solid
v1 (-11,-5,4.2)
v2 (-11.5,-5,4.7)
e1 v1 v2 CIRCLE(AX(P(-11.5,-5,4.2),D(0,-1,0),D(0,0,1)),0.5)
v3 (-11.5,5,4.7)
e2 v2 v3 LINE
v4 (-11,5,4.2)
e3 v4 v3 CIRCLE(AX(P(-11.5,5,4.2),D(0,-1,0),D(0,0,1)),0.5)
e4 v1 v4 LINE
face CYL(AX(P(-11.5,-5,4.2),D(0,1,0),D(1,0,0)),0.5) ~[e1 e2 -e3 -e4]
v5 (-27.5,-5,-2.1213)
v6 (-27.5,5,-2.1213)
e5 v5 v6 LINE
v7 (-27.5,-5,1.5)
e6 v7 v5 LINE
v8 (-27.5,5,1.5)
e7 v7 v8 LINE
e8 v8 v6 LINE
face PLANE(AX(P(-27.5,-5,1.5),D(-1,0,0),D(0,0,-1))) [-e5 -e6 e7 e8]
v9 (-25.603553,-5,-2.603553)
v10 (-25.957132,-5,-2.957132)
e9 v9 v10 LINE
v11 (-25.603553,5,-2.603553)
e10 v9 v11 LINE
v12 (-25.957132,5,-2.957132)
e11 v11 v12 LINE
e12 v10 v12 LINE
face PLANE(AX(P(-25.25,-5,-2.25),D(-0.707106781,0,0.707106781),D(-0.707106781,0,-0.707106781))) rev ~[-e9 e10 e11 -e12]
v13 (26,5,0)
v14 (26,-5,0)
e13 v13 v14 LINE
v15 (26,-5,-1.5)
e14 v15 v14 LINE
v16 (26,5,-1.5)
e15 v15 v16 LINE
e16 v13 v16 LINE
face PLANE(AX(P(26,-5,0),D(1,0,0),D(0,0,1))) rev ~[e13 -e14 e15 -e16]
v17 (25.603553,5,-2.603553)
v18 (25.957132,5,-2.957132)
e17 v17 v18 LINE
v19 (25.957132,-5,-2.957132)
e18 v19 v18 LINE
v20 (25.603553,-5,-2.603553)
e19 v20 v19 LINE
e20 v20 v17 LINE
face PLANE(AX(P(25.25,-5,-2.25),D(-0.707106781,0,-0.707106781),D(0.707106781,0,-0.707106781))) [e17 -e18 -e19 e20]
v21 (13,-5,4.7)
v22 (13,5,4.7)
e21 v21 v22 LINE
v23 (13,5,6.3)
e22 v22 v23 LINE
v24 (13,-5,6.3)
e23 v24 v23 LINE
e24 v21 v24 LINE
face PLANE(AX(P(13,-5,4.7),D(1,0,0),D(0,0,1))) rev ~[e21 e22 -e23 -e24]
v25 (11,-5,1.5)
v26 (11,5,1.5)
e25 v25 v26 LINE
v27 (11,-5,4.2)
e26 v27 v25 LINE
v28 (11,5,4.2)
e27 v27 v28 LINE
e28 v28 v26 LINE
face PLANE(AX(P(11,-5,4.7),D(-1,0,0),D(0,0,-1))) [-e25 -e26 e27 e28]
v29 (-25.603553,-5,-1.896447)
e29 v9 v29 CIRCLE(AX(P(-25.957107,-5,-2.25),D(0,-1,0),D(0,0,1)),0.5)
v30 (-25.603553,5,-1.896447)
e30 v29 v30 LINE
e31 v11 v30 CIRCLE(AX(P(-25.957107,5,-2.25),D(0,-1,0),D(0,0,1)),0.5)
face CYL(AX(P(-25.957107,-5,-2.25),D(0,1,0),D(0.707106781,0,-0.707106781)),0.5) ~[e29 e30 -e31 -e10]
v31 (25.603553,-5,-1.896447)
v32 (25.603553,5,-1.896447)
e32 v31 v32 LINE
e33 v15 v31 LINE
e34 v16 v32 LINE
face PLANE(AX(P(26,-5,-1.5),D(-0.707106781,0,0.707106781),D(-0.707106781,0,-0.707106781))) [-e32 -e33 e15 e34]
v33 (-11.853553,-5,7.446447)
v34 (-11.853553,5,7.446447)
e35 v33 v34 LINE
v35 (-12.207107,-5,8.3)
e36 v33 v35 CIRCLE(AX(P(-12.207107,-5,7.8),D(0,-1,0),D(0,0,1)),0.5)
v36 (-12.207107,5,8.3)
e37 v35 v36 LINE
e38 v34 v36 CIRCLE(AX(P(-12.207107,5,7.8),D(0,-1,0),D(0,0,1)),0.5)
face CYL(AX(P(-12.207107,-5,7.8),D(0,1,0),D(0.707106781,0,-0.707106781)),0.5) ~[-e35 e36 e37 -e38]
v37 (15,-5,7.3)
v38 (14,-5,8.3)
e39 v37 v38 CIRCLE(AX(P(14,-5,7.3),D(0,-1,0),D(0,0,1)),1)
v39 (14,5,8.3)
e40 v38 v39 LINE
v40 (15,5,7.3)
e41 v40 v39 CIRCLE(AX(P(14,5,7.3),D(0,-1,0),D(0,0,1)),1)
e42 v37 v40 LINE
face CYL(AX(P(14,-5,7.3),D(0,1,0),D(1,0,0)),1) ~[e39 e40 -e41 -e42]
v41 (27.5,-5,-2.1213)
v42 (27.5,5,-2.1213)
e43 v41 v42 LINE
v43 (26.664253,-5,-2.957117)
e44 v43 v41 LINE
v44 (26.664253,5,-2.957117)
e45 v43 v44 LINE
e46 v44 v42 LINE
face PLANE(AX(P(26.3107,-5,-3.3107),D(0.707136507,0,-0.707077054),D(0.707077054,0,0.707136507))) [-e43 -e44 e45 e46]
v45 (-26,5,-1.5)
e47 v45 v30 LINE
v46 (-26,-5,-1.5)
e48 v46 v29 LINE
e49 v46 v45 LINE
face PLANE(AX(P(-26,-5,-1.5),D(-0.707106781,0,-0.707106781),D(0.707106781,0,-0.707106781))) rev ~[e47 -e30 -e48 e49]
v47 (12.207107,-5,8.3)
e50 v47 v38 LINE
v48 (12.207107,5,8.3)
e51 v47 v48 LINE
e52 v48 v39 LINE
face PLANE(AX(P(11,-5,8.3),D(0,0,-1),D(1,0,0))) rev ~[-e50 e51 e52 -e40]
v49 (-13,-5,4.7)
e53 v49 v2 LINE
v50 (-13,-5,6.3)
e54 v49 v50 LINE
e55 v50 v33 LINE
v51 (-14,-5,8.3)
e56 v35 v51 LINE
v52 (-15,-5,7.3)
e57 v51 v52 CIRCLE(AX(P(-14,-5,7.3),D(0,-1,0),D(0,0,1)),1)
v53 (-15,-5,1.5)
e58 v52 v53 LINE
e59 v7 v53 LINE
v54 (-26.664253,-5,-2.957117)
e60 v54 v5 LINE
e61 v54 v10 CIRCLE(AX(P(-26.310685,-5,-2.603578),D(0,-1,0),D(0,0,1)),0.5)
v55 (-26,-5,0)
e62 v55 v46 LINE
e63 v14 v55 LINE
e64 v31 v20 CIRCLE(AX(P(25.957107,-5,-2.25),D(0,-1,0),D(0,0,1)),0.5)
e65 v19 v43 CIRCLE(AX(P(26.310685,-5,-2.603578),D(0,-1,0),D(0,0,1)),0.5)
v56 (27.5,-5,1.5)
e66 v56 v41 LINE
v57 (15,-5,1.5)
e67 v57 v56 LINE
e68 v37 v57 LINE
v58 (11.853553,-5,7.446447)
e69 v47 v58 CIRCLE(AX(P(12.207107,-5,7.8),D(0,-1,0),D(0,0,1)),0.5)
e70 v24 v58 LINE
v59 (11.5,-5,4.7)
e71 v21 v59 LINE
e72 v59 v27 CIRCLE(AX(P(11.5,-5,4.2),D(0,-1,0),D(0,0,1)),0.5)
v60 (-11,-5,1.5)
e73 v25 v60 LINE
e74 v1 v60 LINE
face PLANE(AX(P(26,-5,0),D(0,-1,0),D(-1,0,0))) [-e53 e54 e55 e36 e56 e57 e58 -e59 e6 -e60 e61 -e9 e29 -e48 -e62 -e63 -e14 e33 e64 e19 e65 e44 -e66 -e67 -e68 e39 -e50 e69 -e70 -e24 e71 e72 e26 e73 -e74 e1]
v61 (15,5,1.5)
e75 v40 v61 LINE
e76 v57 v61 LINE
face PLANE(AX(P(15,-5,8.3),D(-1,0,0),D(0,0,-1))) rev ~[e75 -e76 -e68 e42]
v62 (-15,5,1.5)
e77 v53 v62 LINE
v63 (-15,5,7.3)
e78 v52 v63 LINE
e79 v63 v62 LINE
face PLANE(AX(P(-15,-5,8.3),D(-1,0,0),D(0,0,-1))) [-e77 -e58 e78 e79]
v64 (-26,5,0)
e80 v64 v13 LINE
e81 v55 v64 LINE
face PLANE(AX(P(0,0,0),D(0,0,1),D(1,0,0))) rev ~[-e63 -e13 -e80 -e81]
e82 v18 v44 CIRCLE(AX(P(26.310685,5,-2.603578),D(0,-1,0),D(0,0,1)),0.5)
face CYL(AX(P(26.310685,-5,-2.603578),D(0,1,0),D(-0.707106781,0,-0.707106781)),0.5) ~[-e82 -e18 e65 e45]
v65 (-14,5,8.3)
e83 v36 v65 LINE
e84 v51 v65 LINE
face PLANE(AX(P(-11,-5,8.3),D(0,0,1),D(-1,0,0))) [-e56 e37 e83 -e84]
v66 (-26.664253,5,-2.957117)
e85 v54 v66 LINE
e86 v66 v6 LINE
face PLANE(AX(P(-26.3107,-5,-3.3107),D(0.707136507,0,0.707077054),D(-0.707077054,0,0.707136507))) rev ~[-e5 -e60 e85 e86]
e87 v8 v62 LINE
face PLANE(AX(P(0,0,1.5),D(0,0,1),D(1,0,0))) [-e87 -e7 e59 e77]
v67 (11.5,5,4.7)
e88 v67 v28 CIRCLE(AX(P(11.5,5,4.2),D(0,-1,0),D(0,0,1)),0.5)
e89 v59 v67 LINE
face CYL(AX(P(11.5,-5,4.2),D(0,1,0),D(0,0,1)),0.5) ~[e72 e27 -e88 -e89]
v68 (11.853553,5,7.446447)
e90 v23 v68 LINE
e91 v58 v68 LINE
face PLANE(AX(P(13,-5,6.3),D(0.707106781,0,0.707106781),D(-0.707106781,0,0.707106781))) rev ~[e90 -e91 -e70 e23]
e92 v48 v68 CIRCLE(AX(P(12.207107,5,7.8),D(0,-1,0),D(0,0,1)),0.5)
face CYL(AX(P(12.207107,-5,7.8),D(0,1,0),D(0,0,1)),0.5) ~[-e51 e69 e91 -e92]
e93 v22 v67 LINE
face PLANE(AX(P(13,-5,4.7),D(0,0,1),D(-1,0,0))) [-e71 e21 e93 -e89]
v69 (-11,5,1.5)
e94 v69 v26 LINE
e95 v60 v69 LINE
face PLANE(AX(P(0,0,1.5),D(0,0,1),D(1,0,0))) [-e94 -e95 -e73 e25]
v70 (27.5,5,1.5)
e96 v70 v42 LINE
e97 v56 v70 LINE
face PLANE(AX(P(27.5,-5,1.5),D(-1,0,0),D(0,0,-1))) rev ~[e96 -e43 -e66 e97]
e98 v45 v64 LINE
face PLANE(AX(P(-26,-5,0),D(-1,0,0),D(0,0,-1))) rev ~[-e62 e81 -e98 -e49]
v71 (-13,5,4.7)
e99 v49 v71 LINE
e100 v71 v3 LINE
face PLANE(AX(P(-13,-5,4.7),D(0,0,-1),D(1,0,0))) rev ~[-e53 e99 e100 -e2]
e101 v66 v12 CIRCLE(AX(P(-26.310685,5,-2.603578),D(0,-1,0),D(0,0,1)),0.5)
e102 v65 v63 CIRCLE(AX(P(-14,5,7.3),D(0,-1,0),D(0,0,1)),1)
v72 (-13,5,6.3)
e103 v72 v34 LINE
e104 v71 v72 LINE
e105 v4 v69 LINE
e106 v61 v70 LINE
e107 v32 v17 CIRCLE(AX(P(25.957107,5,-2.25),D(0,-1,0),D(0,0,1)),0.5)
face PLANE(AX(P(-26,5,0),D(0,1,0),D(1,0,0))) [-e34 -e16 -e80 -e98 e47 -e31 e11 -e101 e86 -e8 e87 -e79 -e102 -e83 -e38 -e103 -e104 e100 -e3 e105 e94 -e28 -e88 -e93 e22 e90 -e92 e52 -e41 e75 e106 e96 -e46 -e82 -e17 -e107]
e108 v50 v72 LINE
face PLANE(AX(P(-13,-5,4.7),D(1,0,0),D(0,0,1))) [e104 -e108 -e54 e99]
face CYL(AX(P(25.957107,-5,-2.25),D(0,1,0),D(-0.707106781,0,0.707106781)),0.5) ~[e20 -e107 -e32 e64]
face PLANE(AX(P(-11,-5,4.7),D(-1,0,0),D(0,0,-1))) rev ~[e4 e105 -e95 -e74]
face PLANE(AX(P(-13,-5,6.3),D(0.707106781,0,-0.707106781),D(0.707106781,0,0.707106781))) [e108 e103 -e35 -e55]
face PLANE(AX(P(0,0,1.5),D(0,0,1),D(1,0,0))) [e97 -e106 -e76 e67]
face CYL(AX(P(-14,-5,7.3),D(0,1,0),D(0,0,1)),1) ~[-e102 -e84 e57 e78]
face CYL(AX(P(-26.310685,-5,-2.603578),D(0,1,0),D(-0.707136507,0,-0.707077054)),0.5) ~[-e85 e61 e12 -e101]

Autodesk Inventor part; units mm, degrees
ref_plane "YZ Plane" through (0, 0, 0) normal (1, 0, 0) x (0, 1, 0)
ref_plane "XZ Plane" through (0, 0, 0) normal (0, 1, 0) x (-1, 0, 0)
ref_plane "XY Plane" through (0, 0, 0) normal (0, 0, 1) x (1, 0, 0)
sketch "Sketch1" plane through (0, 0, 0) normal (0, 0, 1) x (1, 0, 0)
  line L0 (-26, 5) -> (26, 5)
  line L1 (26, 5) -> (26, -5)
  line L2 (26, -5) -> (-26, -5)
  line L3 (-26, -5) -> (-26, 5)
  point P0 (0, 0)
  dimension "d0" = 52
  dimension "d1" = 10
extrude "Extrusion1" add sketch "Sketch1" along normal blind 1.5
sketch "Sketch2" plane through (-26, -5, 0) normal (0, -1, 0) x (1, 0, 0)
  line L0 (0, 1.5) -> (52, 1.5) projected
  line L1 (26, 1.5) -> (13, 1.5)
  line L2 (13, 4.7) -> (15, 4.7)
  line L3 (15, 4.7) -> (15, 1.5)
  line L4 (13, 4.7) -> (13, 6.3)
  line L5 (13, 6.3) -> (15, 8.3)
  line L6 (13, 6.3) -> (15.8284, 6.3) construction
  line L7 (15, 8.3) -> (11, 8.3)
  line L8 (11, 8.3) -> (11, 1.5)
  line L9 (52, 1.5) -> (0, 1.5) projected
  line L10 (11, 1.5) -> (15, 1.5)
  line L11 (26, 1.5) -> (26, 4.9)
  line L12 (39, 4.7) -> (37, 4.7)
  line L13 (37, 4.7) -> (37, 1.5)
  line L14 (39, 4.7) -> (39, 6.3)
  line L15 (39, 6.3) -> (37, 8.3)
  line L16 (39, 6.3) -> (36.1716, 6.3) construction
  line L17 (37, 8.3) -> (41, 8.3)
  line L18 (41, 8.3) -> (41, 1.5)
  line L19 (41, 1.5) -> (37, 1.5)
  point P0 (26, 0)
  point P1 (39, 1.5)
  dimension "d4" = 13
  dimension "d5" = 3.2
  dimension "d6" = 2
  dimension "d7" = 1.6
  dimension "d8" = 45
extrude "Extrusion2" add sketch "Sketch2" against normal blind 10
sketch "Sketch3" plane through (-26, -5, 0) normal (0, -1, 0) x (1, 0, 0)
  line L0 (0, 0) -> (52, 0) projected
  line L1 (0, 0) -> (0, -1.5)
  line L2 (0, 0) -> (0, 1.5) projected
  line L3 (0, 1.5) -> (-1.5, 1.5)
  line L4 (0, -1.5) -> (0.75, -2.25)
  line L5 (0, -1.5) -> (4.2622, -1.5) construction
  line L6 (0.75, -2.25) -> (-0.3107, -3.3107)
  line L7 (0.75, -2.25) -> (-0.3107, -3.3107)
  line L8 (0, 1.5) -> (-1.5, 1.5)
  line L9 (-1.5, 1.5) -> (-1.5, -2.1213)
  line L10 (-0.3107, -3.3107) -> (-1.5, -2.1213)
  line L11 (26, 0) -> (26, -3.3107)
  line L12 (52, 0) -> (52, -1.5)
  line L13 (52, 0) -> (52, 1.5)
  line L14 (52, 1.5) -> (53.5, 1.5)
  line L15 (52, -1.5) -> (51.25, -2.25)
  line L16 (52, -1.5) -> (47.7378, -1.5) construction
  line L17 (51.25, -2.25) -> (52.3107, -3.3107)
  line L18 (51.25, -2.25) -> (52.3107, -3.3107)
  line L19 (52, 1.5) -> (53.5, 1.5)
  line L20 (53.5, 1.5) -> (53.5, -2.1213)
  line L21 (52.3107, -3.3107) -> (53.5, -2.1213)
  dimension "d11" = 1.5
  dimension "d13" = 45
  dimension "d15" = 1.5
extrude "Extrusion3" add sketch "Sketch3" against normal blind 10
fillet "Fillet1" radius 0.5 4 edges at (-25.25, 0, -2.25) (-26.3107, 0, -3.3107) (25.25, 0, -2.25) (26.3107, 0, -3.3107)
fillet "Fillet2" radius 1 2 edges at (-15, 0, 8.3) (15, 0, 8.3)
fillet "Fillet3" radius 0.5 2 edges at (-11, 0, 8.3) (11, 0, 8.3)
fillet "Fillet4" radius 0.5 2 edges at (-11, 0, 4.7) (11, 0, 4.7)
properties part number "env_combo_holder"
